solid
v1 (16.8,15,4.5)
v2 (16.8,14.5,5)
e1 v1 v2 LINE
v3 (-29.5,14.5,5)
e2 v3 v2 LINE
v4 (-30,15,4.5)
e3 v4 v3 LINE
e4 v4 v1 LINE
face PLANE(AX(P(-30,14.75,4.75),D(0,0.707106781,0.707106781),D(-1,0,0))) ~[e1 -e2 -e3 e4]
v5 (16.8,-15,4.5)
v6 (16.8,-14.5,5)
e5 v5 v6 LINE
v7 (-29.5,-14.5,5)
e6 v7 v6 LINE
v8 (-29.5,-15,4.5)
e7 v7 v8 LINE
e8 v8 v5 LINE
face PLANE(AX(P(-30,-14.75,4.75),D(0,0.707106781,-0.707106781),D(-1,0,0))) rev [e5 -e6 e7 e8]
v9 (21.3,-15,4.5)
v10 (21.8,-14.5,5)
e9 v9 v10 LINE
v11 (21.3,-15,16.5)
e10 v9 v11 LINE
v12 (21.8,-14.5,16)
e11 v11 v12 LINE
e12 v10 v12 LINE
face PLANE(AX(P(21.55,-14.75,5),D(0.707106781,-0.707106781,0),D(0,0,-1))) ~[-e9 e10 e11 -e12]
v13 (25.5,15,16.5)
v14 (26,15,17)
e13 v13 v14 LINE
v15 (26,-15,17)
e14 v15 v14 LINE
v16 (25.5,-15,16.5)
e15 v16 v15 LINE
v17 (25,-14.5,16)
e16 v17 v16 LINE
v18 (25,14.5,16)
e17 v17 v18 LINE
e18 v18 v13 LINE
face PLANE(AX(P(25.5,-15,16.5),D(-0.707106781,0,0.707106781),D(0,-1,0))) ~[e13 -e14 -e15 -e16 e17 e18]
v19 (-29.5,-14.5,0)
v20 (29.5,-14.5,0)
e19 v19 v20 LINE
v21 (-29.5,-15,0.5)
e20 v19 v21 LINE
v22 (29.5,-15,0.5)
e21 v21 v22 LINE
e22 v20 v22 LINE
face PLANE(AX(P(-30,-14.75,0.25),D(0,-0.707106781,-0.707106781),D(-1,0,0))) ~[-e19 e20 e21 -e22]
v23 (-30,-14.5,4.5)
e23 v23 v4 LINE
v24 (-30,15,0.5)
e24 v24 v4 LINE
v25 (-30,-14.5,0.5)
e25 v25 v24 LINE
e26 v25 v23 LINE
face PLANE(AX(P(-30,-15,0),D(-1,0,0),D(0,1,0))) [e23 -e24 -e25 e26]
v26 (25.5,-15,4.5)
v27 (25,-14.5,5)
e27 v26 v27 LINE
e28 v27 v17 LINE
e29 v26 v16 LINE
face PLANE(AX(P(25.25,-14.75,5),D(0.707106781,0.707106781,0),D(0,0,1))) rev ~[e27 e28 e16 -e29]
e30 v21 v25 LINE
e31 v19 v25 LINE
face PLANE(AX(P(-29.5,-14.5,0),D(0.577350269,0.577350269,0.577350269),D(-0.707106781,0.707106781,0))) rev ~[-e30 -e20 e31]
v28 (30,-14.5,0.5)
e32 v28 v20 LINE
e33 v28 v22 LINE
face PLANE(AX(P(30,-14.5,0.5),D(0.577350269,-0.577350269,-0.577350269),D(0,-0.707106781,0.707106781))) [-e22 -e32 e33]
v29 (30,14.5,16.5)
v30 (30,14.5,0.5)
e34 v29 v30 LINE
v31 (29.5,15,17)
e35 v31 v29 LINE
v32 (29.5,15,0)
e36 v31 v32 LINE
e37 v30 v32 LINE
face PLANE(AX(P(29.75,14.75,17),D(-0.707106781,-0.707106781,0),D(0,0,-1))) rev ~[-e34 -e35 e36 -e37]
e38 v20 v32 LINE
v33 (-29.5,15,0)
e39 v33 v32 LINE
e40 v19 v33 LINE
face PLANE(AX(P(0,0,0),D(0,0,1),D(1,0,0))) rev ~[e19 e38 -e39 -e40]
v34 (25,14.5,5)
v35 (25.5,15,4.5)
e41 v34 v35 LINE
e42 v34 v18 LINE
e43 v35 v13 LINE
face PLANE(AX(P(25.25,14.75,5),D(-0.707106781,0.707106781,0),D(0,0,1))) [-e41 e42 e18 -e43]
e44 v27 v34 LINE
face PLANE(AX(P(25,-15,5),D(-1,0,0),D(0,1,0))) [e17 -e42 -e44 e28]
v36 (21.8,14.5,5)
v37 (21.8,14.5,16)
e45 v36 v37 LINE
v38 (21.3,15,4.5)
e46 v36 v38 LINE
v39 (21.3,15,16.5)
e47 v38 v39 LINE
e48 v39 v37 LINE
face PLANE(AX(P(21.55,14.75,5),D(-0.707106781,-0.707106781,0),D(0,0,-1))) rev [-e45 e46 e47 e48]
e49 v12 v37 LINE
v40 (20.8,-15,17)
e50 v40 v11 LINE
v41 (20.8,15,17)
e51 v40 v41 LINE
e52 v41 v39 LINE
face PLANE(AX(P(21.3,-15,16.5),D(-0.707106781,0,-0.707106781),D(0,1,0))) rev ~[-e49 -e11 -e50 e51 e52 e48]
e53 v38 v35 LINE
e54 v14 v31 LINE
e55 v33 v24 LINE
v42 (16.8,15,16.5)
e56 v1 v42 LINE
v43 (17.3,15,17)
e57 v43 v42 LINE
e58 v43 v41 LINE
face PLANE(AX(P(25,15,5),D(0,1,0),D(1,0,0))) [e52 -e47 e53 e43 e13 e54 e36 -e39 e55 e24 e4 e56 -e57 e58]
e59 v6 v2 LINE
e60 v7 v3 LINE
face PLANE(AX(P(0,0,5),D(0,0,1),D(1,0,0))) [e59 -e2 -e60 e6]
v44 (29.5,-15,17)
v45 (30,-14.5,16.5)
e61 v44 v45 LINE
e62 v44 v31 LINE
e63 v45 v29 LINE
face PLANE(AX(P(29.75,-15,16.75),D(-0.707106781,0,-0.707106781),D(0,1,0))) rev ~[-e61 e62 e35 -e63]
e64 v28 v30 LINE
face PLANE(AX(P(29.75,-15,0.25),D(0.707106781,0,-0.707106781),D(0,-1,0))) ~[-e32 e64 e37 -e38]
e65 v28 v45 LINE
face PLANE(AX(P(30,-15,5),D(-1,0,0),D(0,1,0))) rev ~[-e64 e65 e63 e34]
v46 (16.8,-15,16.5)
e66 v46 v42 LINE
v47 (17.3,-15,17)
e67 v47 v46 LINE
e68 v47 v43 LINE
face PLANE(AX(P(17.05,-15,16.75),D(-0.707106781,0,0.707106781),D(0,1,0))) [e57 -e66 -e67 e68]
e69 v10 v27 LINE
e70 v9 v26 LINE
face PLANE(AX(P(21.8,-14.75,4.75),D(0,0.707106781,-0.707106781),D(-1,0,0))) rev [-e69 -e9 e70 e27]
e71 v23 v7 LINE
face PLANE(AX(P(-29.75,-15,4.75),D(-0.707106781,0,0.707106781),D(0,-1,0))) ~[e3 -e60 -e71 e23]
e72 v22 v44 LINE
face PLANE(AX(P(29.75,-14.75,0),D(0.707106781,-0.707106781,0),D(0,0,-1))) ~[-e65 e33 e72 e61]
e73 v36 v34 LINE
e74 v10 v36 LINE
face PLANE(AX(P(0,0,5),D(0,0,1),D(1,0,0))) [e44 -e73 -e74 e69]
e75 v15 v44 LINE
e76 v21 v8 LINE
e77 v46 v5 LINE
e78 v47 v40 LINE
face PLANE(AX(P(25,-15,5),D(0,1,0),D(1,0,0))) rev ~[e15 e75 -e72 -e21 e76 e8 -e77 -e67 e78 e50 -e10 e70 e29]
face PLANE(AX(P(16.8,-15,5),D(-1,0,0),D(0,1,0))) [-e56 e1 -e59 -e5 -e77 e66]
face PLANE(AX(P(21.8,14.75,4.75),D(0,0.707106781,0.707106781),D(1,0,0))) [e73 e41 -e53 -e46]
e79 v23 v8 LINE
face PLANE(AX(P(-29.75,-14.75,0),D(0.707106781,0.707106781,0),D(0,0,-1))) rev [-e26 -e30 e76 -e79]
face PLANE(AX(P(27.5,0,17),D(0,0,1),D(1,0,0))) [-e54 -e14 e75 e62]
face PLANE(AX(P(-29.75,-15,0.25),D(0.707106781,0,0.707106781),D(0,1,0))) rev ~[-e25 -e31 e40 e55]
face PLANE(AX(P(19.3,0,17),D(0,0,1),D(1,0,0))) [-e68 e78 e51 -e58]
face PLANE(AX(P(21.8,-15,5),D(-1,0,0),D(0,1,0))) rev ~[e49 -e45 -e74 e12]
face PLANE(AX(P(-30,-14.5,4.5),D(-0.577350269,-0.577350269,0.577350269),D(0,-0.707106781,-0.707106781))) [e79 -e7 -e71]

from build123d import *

# Parameters (mm, degrees)
F0_W     = 60
F0_H     = 30
F1_DEPTH = 5
F2_W     = 5
F2_H     = 30
F3_DEPTH = 12
F4_SIZE  = 1
F5_SIZE  = 0.5


with BuildPart() as f1:
    # F0 (on Top) → F1 (new body)
    with BuildSketch(Plane.XY):
        Rectangle(F0_W, F0_H)
    extrude(amount=F1_DEPTH)

    # F2 (on face) → F3 (join)
    with BuildSketch(Plane.XY.offset(5)):
        with Locations((19.3, 0)):
            Rectangle(F2_W, F2_H)
        with Locations((27.5, 0)):
            Rectangle(F2_W, F2_H)
    extrude(amount=F3_DEPTH)

    # F4
    f4_edges = [f1.edges().sort_by_distance(p)[0] for p in [
        (21.8, 0, 17),
        (25, 0, 17),
    ]]
    chamfer(f4_edges, length=F4_SIZE)

    # F5
    f5_edges = [f1.edges().sort_by_distance(p)[0] for p in [
        (-6.6, -15, 5),
        (-30, 0, 5),
        (-6.6, 15, 5),
        (-30, -15, 2.5),
        (0, -15, 0),
        (23.4, -15, 5),
        (30, 0, 0),
        (16.8, 0, 17),
        (30, 0, 17),
        (-30, 0, 0),
        (30, -15, 8.5),
        (30, 15, 8.5),
        (23.4, 15, 5),
        (21.8, 15, 10.5),
        (25, 15, 10.5),
        (25, -15, 10.5),
        (21.8, -15, 10.5),
    ]]
    chamfer(f5_edges, length=F5_SIZE)


solid = f1.part
